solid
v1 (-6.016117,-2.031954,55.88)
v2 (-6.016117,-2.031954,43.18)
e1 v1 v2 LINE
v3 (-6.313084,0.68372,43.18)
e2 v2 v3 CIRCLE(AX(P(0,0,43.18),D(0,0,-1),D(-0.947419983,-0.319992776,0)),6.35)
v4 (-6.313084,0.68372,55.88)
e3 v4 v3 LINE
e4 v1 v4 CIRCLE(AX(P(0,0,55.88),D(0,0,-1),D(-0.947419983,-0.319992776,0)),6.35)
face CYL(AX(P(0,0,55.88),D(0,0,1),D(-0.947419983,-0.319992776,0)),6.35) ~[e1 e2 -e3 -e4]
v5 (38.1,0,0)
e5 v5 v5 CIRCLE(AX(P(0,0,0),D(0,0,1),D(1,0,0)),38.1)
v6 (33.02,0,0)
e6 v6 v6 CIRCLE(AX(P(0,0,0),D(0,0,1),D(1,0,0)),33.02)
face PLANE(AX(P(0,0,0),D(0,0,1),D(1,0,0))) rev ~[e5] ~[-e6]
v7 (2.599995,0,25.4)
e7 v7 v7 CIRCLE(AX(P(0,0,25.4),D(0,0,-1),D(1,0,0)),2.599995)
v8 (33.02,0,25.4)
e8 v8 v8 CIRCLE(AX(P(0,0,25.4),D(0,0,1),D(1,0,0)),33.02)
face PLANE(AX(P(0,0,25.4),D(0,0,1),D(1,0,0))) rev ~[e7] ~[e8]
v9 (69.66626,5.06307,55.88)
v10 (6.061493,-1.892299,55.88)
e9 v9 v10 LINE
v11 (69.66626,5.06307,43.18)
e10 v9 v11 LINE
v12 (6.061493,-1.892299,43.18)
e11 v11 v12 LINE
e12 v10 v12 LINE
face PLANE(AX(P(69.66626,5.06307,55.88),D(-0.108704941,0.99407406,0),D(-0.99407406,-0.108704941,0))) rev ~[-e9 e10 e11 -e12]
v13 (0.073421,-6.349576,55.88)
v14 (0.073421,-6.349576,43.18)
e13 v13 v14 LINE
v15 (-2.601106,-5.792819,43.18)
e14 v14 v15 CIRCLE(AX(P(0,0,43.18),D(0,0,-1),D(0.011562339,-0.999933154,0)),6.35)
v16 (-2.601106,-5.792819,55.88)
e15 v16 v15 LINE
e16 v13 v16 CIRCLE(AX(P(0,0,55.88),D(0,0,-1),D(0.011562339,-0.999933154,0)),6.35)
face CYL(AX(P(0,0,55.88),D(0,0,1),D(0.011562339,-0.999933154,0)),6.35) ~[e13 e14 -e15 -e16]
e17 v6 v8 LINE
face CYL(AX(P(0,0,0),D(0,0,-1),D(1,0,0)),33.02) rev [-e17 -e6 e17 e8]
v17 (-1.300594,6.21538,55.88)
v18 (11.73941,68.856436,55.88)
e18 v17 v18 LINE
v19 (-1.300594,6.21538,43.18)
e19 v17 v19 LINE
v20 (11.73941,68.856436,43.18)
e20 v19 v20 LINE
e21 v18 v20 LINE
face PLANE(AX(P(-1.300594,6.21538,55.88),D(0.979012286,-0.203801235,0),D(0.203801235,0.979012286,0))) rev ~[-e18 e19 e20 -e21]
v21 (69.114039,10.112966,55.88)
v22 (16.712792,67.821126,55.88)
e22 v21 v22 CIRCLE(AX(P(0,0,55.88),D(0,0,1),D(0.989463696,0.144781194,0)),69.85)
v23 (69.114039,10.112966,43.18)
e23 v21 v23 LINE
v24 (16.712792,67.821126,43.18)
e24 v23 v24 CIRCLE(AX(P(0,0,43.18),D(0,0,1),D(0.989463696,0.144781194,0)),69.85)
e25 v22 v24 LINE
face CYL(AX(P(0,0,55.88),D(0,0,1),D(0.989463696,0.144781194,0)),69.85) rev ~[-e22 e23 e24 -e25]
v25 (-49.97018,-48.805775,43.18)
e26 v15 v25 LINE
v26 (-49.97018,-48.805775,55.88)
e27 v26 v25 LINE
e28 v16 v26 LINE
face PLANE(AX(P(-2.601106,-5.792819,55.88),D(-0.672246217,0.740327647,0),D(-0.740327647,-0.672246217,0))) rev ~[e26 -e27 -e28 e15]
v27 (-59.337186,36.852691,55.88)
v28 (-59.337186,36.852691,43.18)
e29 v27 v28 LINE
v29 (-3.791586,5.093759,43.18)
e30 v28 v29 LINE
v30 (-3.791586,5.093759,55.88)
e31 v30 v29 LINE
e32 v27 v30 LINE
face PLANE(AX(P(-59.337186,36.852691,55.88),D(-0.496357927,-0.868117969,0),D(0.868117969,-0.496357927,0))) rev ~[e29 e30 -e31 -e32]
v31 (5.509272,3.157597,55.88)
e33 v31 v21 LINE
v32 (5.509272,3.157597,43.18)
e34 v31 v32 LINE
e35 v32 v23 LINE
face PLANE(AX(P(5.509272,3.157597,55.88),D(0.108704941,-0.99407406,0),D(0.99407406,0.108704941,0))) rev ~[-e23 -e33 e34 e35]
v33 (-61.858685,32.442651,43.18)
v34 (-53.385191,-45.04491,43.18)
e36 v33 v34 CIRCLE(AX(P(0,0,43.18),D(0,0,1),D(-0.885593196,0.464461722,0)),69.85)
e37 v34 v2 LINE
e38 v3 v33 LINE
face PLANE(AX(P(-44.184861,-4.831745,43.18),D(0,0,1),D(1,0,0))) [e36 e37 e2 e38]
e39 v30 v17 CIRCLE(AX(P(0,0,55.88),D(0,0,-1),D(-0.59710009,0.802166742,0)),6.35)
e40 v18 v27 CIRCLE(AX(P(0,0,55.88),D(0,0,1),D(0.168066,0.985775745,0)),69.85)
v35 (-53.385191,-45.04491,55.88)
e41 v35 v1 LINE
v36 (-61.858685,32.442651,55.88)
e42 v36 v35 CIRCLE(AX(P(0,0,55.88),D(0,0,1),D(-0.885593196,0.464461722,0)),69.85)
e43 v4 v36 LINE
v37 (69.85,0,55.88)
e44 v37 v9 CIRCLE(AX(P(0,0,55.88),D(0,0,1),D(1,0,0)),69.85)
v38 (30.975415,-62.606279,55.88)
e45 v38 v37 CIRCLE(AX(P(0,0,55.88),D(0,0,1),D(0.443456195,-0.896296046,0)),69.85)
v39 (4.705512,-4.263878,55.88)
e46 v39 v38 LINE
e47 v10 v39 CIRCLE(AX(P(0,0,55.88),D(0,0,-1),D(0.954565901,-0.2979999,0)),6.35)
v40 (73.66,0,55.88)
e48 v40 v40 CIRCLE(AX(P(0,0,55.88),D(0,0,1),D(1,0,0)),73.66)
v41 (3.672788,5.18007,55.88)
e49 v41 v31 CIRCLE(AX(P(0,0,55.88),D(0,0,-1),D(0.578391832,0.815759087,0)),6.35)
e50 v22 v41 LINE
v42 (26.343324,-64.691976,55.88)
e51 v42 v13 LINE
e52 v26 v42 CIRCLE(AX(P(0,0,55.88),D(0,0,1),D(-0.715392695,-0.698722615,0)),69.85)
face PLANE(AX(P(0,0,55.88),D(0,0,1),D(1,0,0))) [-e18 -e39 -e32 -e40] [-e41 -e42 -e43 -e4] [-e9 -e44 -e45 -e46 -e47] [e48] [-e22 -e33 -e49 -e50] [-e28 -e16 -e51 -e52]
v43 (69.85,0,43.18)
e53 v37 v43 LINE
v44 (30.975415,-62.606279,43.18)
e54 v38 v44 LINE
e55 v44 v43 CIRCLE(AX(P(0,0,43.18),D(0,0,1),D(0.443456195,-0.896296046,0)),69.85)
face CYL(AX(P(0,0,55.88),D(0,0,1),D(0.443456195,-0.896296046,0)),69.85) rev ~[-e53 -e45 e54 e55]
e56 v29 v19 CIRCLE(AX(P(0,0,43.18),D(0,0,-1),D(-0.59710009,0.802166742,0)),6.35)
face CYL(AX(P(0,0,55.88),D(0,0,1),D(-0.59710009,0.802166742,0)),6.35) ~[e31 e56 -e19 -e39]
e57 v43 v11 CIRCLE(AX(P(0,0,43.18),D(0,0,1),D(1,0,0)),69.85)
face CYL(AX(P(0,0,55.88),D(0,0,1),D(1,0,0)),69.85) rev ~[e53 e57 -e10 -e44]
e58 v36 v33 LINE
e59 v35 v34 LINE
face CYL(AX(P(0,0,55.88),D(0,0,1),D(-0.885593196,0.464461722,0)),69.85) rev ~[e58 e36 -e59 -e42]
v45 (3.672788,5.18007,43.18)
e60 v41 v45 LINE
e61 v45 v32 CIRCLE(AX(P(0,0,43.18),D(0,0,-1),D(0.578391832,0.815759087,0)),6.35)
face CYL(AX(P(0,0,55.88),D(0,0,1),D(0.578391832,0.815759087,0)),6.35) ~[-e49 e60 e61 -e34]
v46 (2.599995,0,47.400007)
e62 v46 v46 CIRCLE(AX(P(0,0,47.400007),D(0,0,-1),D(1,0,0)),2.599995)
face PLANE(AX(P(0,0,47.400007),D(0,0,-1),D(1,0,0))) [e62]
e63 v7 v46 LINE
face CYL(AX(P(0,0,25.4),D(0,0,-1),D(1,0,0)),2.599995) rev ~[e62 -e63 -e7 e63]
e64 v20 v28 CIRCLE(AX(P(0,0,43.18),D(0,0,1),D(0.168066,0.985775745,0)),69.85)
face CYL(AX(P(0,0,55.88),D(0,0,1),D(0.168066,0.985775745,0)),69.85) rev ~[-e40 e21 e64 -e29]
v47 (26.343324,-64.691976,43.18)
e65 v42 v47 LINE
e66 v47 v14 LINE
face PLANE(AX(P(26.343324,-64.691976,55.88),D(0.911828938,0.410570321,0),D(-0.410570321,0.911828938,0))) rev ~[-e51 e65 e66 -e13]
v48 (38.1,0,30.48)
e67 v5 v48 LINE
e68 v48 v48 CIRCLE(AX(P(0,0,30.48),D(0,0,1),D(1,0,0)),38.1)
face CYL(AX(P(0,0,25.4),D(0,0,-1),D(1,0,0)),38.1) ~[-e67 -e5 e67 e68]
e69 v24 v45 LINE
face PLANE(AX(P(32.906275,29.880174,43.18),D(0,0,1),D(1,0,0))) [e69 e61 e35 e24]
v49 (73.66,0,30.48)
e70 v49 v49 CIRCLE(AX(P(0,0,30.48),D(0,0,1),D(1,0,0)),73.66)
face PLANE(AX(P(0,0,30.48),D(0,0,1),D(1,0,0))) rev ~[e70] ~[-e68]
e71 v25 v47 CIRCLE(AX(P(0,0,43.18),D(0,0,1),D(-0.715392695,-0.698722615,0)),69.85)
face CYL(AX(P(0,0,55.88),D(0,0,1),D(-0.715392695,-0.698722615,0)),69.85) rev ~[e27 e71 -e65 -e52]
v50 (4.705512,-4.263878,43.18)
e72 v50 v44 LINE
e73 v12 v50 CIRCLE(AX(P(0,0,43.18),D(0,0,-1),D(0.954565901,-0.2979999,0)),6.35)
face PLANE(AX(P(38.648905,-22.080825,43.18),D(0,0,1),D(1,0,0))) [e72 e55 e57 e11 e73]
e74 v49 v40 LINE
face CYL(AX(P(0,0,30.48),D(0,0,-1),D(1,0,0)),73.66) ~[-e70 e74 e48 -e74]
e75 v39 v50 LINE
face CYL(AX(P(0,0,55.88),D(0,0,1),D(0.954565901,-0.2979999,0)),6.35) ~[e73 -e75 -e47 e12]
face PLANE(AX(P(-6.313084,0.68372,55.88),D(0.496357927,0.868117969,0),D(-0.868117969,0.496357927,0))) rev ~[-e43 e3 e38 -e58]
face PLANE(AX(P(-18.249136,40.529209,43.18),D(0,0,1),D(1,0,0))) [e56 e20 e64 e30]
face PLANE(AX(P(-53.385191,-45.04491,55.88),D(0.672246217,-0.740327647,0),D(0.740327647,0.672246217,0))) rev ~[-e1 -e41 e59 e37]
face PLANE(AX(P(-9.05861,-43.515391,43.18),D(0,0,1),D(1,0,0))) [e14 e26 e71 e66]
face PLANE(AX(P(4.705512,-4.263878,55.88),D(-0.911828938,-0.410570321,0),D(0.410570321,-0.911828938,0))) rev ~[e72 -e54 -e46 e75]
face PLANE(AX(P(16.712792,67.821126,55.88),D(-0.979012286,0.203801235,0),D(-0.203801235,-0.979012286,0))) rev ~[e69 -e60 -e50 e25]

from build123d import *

# Parameters (mm, degrees)
F0_R     = 38.1
F0_R_2   = 33.02
F1_DEPTH = 25.4
F2_R     = 38.1
F3_DEPTH = 5.08
F4_R     = 73.66
F4_R_2   = 38.1
F5_DEPTH = 25.4
F7_DEPTH = 12.7
F8_R     = 2.5999948
F9_DEPTH = 22.0000068


with BuildPart() as f1:
    # F0 (on Top) → F1 (new body)
    with BuildSketch(Plane.XY):
        Circle(F0_R)
        Circle(F0_R_2, mode=Mode.SUBTRACT)
    extrude(amount=F1_DEPTH)

    # F2 (on face) → F3 (join)
    with BuildSketch(Plane.XY.offset(25.4)):
        Circle(F2_R)
    extrude(amount=F3_DEPTH)

    # F4 (on face) → F5 (join)
    with BuildSketch(Plane.XY.offset(30.48)):
        Circle(F4_R)
        Circle(F4_R_2, mode=Mode.SUBTRACT)
        Circle(F4_R_2)
    extrude(amount=F5_DEPTH)

    # F6 (on face) → F7 (cut)
    with BuildSketch(Plane.XY.offset(55.88)):
        with BuildLine():
            Line((-53.3851905178, -45.0449101829), (-6.0161168891, -2.0319541275))
            ThreePointArc((-6.0161168891, -2.0319541275), (-6.3123702779, -0.6902763759), (-6.3130838426, 0.6837195304))
            Line((-6.3130838426, 0.6837195304), (-61.8586847432, 32.4426512763))
            ThreePointArc((-61.8586847432, 32.4426512763), (-69.4360730566, -7.5930401345), (-53.3851905178, -45.0449101829))
        make_face()
        with BuildLine():
            ThreePointArc((-3.7915855726, 5.093758813), (-2.607121536, 5.7901137551), (-1.3005942796, 6.2153804807))
            Line((-1.3005942796, 6.2153804807), (11.7394100669, 68.8564358015))
            ThreePointArc((11.7394100669, 68.8564358015), (-28.6783368956, 63.6912513058), (-59.3371864733, 36.852690559))
            Line((-59.3371864733, 36.852690559), (-3.7915855726, 5.093758813))
        make_face()
        with BuildLine():
            ThreePointArc((3.672788134, 5.1800702044), (4.7010805558, 4.2687634752), (5.5092723722, 3.1575968597))
            Line((5.5092723722, 3.1575968597), (69.1140391724, 10.1129663932))
            ThreePointArc((69.1140391724, 10.1129663932), (51.7118861143, 46.9563982275), (16.7127924805, 67.8211255252))
            Line((16.7127924805, 67.8211255252), (3.672788134, 5.1800702044))
        make_face()
        with BuildLine():
            Line((69.6662602731, 5.0630701709), (6.0614934729, -1.8922993626))
            ThreePointArc((6.0614934729, -1.8922993626), (5.5125491033, -3.1518728375), (4.7055118589, -4.2638782986))
            Line((4.7055118589, -4.2638782986), (30.9754152415, -62.6062788434))
            ThreePointArc((30.9754152415, -62.6062788434), (59.3407754188, -36.8469113046), (69.85, 0))
            ThreePointArc((69.85, 0), (69.8040499544, 2.5332015239), (69.6662602731, 5.0630701709))
        make_face()
        with BuildLine():
            Line((26.3433242374, -64.6919760722), (0.0734208549, -6.3495755274))
            ThreePointArc((0.0734208549, -6.3495755274), (-1.2941378453, -6.216728017), (-2.601106109, -5.7928185722))
            Line((-2.601106109, -5.7928185722), (-49.9701797376, -48.8057746275))
            ThreePointArc((-49.9701797376, -48.8057746275), (-14.2355162987, -68.3840081869), (26.3433242374, -64.6919760722))
        make_face()
    extrude(amount=-F7_DEPTH, mode=Mode.SUBTRACT)

    # F8 (on face) → F9 (cut)
    with BuildSketch(Plane(origin=(0, 0, 25.4), x_dir=(1, 0, 0), z_dir=(0, 0, -1))):
        Circle(F8_R)
    extrude(amount=-F9_DEPTH, mode=Mode.SUBTRACT)


solid = f1.part
